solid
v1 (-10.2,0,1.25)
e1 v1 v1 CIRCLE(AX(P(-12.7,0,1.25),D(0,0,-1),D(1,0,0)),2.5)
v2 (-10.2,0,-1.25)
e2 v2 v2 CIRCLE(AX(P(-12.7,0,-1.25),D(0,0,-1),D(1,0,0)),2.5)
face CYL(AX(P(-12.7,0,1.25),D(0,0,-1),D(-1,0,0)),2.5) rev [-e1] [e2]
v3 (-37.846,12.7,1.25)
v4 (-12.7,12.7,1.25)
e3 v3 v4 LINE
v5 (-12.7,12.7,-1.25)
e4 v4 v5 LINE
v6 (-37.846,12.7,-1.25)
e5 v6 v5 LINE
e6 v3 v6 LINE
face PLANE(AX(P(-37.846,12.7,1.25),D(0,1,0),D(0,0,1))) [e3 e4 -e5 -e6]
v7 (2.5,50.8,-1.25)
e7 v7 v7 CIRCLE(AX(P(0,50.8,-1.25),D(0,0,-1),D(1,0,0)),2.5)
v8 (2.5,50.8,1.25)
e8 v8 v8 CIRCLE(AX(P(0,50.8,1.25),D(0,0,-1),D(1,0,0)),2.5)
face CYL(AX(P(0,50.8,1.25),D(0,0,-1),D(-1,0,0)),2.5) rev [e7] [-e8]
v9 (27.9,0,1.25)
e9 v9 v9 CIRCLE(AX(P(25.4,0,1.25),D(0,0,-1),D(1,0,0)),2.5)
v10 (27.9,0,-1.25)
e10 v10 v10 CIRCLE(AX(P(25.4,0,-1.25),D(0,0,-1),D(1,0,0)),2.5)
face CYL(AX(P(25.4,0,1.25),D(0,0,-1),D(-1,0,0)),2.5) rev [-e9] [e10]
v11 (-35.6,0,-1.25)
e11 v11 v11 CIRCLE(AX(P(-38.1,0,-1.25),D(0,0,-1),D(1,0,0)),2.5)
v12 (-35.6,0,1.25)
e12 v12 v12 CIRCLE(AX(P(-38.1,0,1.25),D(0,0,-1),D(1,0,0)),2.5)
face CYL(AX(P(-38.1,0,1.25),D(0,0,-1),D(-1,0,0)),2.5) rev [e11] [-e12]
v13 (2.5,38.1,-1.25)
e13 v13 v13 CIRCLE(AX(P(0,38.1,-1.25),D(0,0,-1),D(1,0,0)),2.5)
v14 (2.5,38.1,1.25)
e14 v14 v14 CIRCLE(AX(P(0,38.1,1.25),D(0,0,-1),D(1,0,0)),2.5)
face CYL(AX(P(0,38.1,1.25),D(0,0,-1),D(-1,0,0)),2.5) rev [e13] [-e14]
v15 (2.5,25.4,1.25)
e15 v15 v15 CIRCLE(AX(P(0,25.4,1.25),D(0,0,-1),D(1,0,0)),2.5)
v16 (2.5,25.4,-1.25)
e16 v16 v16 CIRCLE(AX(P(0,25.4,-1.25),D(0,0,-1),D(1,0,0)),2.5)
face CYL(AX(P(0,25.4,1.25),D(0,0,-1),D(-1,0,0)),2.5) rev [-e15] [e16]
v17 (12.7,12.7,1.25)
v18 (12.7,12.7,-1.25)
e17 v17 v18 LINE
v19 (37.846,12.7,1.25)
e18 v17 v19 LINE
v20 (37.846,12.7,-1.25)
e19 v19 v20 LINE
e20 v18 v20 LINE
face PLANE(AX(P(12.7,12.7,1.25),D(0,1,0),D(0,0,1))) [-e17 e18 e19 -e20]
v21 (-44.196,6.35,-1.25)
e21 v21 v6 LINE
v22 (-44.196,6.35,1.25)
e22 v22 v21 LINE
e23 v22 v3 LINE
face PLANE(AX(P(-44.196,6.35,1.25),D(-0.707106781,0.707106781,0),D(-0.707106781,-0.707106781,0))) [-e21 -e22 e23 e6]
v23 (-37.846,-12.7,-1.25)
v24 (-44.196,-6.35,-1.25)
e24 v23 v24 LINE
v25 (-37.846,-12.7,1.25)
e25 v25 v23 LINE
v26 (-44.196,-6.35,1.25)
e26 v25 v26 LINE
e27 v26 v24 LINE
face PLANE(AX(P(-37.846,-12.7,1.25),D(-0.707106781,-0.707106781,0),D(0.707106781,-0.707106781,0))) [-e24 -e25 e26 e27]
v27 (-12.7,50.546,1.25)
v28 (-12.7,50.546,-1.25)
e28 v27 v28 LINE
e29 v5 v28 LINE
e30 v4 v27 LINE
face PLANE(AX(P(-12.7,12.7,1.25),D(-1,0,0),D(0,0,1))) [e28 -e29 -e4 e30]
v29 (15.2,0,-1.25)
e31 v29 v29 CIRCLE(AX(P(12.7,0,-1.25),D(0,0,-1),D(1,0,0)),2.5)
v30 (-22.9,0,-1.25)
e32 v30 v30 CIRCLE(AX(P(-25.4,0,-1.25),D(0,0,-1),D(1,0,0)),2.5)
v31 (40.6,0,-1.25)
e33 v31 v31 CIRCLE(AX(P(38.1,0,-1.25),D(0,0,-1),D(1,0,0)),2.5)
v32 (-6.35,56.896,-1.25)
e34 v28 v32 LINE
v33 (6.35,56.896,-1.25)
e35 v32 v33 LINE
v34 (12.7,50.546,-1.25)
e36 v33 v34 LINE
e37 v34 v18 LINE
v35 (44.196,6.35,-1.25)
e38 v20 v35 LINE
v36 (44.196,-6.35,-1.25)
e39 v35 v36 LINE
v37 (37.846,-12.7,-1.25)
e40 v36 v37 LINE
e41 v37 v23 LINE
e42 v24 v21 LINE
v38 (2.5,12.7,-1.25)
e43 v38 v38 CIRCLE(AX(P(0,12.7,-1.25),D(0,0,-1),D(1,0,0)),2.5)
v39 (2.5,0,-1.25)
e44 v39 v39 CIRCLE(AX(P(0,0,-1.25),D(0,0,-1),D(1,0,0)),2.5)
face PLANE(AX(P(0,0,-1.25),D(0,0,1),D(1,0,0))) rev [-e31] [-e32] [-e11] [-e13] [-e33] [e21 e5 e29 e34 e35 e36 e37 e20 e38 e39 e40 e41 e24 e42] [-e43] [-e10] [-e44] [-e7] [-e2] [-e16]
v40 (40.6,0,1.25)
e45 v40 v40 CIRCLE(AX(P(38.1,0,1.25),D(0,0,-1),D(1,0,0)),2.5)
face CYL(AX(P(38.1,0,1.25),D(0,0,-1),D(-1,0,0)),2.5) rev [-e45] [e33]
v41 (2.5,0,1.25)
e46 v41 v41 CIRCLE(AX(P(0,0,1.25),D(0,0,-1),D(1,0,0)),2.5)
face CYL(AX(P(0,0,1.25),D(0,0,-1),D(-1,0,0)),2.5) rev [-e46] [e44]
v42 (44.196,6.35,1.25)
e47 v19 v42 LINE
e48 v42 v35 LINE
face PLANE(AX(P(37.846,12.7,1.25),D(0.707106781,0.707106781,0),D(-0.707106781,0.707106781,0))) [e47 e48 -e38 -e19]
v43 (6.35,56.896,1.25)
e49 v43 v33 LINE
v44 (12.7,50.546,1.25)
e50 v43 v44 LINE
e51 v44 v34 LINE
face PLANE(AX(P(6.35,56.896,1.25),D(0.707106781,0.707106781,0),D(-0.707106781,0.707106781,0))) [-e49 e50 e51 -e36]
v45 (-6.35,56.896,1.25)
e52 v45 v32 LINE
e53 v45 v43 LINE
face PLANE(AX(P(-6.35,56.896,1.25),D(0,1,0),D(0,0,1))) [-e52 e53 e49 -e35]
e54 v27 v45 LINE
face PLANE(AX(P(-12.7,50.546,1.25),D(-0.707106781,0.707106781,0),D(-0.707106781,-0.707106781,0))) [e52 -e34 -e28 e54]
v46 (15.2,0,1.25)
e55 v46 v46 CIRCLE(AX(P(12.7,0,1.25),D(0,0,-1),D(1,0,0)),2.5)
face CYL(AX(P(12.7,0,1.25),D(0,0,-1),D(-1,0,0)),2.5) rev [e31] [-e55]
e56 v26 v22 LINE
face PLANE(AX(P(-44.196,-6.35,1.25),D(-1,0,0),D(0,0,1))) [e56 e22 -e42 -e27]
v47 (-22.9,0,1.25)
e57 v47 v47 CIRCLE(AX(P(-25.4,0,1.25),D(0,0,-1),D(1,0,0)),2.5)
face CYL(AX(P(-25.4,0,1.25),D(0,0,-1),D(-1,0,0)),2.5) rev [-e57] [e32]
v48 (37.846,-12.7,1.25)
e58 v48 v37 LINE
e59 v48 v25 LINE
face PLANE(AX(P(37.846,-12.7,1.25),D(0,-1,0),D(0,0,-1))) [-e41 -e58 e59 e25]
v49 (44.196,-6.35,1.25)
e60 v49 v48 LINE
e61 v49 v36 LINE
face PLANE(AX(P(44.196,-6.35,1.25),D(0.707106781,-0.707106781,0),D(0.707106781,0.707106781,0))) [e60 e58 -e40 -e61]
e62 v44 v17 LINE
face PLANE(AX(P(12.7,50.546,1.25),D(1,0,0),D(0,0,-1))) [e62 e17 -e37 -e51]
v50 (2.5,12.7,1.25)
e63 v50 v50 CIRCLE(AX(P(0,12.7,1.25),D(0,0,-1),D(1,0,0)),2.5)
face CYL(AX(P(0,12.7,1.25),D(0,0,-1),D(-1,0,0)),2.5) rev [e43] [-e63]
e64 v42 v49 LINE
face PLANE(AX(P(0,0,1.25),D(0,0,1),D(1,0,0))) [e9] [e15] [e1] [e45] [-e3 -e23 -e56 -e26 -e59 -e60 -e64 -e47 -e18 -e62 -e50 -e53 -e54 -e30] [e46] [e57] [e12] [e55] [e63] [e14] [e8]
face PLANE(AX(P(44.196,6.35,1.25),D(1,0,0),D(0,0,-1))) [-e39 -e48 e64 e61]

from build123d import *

# Parameters (mm, degrees)
SKETCH1_R           = 2.5
BOSS_EXTRUDE1_DEPTH = 2.5


with BuildPart() as part:
    # Sketch1 → Boss-Extrude1 (new body)
    with BuildSketch(Plane(origin=(0, 0, -1.25), x_dir=(-1, 0, 0), z_dir=(0, 0, -1))):
        Polygon((12.7, 12.7), (12.7, 50.546), (6.35, 56.896), (-6.35, 56.896), (-12.7, 50.546), (-12.7, 12.7), (-37.846, 12.7), (-44.196, 6.35), (-44.196, -6.35), (-37.846, -12.7), (37.846, -12.7), (44.196, -6.35), (44.196, 6.35), (37.846, 12.7), align=None)
        with Locations((0, 50.8)):
            Circle(SKETCH1_R, mode=Mode.SUBTRACT)
        with Locations((0, 38.1)):
            Circle(SKETCH1_R, mode=Mode.SUBTRACT)
        with Locations((-38.1, 0)):
            Circle(SKETCH1_R, mode=Mode.SUBTRACT)
        with Locations((-25.4, 0)):
            Circle(SKETCH1_R, mode=Mode.SUBTRACT)
        with Locations((-12.7, 0)):
            Circle(SKETCH1_R, mode=Mode.SUBTRACT)
        Circle(SKETCH1_R, mode=Mode.SUBTRACT)
        with Locations((12.7, 0)):
            Circle(SKETCH1_R, mode=Mode.SUBTRACT)
        with Locations((38.1, 0)):
            Circle(SKETCH1_R, mode=Mode.SUBTRACT)
        with Locations((25.4, 0)):
            Circle(SKETCH1_R, mode=Mode.SUBTRACT)
        with Locations((0, 12.7)):
            Circle(SKETCH1_R, mode=Mode.SUBTRACT)
        with Locations((0, 25.4)):
            Circle(SKETCH1_R, mode=Mode.SUBTRACT)
    extrude(amount=-BOSS_EXTRUDE1_DEPTH)


solid = part.part
